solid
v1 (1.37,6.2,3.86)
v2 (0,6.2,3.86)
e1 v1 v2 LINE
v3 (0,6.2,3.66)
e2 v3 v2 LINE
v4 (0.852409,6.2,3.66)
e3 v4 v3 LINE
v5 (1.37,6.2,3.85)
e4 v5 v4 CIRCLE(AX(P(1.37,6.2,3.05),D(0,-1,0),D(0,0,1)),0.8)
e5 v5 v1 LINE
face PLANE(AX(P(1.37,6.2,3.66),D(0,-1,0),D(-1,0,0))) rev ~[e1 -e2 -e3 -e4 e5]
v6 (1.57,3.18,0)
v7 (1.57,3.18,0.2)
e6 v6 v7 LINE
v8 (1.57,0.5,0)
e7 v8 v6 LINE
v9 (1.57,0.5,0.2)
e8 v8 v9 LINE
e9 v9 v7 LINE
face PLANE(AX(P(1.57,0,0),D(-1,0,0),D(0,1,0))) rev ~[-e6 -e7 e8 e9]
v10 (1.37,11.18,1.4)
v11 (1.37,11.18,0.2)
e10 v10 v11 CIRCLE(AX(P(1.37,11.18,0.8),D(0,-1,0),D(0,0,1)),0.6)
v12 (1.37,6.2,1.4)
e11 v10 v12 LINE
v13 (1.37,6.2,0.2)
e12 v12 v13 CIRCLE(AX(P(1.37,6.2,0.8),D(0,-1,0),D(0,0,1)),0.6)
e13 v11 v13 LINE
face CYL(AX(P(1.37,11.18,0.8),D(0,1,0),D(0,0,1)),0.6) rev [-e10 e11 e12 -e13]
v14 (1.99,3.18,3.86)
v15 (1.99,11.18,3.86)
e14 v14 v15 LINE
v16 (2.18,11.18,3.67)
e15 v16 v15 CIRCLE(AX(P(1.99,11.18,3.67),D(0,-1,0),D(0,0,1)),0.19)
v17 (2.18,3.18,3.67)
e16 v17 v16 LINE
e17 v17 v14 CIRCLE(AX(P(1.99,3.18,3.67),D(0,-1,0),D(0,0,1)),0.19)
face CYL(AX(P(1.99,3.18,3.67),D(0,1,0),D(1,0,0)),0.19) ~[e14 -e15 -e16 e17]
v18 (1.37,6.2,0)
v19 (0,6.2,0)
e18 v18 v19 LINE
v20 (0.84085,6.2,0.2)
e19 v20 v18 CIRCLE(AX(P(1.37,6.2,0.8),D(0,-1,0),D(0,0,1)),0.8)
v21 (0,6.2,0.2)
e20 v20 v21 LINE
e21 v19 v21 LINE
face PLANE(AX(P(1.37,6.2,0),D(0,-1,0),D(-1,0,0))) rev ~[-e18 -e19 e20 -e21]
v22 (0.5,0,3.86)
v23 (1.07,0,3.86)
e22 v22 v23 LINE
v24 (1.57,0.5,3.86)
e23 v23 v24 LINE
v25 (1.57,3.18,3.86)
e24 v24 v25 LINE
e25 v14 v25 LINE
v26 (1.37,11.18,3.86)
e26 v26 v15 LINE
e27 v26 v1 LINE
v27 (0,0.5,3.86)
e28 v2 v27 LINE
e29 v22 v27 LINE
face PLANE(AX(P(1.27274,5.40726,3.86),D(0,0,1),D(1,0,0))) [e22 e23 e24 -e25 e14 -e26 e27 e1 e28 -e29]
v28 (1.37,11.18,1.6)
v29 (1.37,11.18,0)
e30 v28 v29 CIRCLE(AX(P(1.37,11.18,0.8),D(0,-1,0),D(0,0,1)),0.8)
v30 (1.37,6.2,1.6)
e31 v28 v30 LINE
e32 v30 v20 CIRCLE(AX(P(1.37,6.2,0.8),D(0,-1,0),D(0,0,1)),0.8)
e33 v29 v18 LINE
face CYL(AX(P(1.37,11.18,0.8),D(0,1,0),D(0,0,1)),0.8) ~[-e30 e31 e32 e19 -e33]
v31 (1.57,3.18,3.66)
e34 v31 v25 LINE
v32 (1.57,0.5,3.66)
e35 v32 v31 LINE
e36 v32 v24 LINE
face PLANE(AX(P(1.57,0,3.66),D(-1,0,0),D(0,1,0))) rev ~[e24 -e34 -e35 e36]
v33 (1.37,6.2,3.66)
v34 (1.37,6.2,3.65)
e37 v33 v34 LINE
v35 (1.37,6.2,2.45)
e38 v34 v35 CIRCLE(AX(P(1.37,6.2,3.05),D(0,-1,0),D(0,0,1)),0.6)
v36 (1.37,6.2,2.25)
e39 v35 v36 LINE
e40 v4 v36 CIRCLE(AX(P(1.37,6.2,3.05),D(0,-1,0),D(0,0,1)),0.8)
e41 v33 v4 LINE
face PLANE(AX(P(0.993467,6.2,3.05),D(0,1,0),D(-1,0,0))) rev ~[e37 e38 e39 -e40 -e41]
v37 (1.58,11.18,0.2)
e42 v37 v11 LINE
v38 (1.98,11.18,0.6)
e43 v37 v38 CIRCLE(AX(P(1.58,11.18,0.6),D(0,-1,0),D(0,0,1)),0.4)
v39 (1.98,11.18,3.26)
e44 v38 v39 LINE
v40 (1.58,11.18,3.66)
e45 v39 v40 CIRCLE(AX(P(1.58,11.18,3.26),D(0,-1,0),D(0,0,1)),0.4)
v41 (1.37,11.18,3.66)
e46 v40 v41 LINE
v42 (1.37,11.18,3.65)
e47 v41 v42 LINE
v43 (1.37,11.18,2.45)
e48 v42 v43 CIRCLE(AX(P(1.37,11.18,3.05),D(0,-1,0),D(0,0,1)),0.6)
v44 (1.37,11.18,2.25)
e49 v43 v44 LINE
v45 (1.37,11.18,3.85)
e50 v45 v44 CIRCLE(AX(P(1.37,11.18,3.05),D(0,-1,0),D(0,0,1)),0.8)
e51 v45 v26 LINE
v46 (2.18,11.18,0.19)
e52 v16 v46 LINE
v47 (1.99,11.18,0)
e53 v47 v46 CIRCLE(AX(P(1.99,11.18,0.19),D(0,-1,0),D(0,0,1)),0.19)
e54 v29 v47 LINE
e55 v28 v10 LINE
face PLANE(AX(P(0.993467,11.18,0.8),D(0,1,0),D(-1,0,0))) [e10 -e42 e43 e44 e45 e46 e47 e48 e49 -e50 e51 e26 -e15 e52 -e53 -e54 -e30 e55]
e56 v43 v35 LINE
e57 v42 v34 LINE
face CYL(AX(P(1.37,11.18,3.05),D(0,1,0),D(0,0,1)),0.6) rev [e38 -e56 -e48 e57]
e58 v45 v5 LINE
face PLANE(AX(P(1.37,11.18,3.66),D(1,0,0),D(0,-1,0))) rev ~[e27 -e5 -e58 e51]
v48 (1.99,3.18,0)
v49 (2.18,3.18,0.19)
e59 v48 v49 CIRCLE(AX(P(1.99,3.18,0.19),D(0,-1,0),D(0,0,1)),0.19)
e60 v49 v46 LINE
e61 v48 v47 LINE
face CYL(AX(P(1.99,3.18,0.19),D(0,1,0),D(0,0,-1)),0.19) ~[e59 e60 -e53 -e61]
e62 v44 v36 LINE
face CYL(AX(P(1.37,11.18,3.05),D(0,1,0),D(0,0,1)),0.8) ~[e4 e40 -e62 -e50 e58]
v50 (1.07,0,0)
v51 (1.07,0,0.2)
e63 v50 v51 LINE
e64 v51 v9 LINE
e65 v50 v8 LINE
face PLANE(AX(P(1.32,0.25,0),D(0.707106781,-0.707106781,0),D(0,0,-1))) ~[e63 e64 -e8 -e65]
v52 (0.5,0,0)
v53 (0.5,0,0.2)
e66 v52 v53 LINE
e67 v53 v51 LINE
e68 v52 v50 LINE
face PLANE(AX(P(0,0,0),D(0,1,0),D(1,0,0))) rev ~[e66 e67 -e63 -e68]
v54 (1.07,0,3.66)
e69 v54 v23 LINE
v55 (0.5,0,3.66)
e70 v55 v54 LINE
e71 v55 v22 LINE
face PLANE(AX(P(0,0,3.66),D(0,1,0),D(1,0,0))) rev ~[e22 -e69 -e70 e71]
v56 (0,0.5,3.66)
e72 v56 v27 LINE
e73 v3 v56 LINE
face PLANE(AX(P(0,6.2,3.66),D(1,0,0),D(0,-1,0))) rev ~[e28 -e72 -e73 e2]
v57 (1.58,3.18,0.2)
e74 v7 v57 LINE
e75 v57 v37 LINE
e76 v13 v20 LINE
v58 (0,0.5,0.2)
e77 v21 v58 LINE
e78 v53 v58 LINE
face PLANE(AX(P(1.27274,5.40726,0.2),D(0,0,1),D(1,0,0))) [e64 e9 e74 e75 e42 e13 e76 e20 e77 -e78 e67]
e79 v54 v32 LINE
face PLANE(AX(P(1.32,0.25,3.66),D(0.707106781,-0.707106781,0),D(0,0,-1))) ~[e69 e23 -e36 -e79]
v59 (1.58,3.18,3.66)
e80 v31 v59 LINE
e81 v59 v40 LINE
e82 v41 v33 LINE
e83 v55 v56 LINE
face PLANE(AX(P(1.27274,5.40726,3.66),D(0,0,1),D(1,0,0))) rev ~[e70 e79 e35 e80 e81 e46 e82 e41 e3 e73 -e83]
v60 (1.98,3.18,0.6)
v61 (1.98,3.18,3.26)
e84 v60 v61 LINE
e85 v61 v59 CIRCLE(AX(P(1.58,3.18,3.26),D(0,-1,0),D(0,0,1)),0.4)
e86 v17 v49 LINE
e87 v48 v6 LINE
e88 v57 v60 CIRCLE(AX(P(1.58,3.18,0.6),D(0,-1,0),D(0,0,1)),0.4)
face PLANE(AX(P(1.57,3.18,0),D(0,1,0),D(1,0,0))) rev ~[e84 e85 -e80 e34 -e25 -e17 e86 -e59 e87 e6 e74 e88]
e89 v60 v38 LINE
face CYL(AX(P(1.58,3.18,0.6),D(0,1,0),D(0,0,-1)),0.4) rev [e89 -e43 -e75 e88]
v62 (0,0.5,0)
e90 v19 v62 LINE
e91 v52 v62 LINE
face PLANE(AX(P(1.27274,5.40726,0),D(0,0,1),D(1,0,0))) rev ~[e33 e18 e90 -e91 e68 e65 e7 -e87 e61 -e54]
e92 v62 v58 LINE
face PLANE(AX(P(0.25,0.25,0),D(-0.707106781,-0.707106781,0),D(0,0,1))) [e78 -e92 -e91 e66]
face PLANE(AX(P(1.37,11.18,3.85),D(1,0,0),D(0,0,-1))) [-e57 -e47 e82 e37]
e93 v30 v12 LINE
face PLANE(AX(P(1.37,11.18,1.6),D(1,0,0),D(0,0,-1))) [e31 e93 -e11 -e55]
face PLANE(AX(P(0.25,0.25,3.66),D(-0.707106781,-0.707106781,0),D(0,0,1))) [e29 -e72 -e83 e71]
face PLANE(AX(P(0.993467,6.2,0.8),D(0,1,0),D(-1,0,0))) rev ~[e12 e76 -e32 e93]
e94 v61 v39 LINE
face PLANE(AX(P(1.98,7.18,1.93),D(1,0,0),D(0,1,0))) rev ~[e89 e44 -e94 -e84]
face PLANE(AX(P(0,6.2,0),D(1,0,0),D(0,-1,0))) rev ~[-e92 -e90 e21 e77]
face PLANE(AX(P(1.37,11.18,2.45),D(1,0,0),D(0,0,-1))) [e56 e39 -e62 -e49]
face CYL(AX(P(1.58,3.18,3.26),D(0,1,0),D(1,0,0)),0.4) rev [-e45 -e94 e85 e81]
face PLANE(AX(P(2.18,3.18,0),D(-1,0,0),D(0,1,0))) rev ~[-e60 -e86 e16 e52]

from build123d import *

# Parameters (mm, degrees)
PAD001_DEPTH    = 0.2
CHAMFER001_SIZE = 0.5
SKETCH002_W     = 8
SKETCH002_H     = 3.86
PAD002_DEPTH    = 0.2
PAD004_DEPTH    = 4.98
PAD003_DEPTH    = 4.98
PAD_DEPTH       = 0.2
CHAMFER_SIZE    = 0.5
FILLET_R        = 0.4
FILLET001_R     = 0.19


with BuildPart() as body001:
    # Sketch001 → Pad001 (new body)
    with BuildSketch(Plane.XY.offset(3.66)):
        Polygon((0, 0), (1.57, 0), (1.57, 3.18), (2.18, 3.18), (2.18, 11.18), (1.37, 11.18), (1.37, 6.2), (0, 6.2), align=None)
    extrude(amount=PAD001_DEPTH)

    # Chamfer001
    chamfer001_edges = [body001.edges().sort_by_distance(p)[0] for p in [
        (1.57, 0, 3.76),
        (0, 0, 3.76),
    ]]
    chamfer(chamfer001_edges, length=CHAMFER001_SIZE)

    # Sketch002 (on Face11 of Chamfer001) → Pad002 (join)
    with BuildSketch(Plane.YZ.offset(2.18)):
        with Locations((7.18, 1.93)):
            Rectangle(SKETCH002_W, SKETCH002_H)
    extrude(amount=-PAD002_DEPTH)


with BuildPart() as body003:
    # Sketch004 → Pad004 (new body)
    with BuildSketch(Plane.XZ):
        with BuildLine():
            Line((1.37, 0.2), (1.37, 0))
            ThreePointArc((1.37, 1.6), (0.57, 0.8), (1.37, 0))
            Line((1.37, 1.6), (1.37, 1.4))
            ThreePointArc((1.37, 1.4), (0.77, 0.8), (1.37, 0.2))
        make_face()
    extrude(amount=PAD004_DEPTH)


with BuildPart() as body003_1:
    # Body003 placement: moved
    add(body003.part.moved(Location((0, 11.18, 2.25))))


with BuildPart() as body002:
    # Sketch003 → Pad003 (new body)
    with BuildSketch(Plane.XZ):
        with BuildLine():
            Line((1.37, 0.2), (1.37, 0))
            ThreePointArc((1.37, 1.6), (0.57, 0.8), (1.37, 0))
            Line((1.37, 1.6), (1.37, 1.4))
            ThreePointArc((1.37, 1.4), (0.77, 0.8), (1.37, 0.2))
        make_face()
    extrude(amount=PAD003_DEPTH)


with BuildPart() as body002_1:
    # Body002 placement: moved
    add(body002.part.moved(Location((0, 11.18, 0))))


with BuildPart() as body:
    # Sketch → Pad (new body)
    with BuildSketch(Plane.XY):
        Polygon((0, 0), (1.57, 0), (1.57, 3.18), (2.18, 3.18), (2.18, 11.18), (1.37, 11.18), (1.37, 6.2), (0, 6.2), align=None)
    extrude(amount=PAD_DEPTH)

    # Chamfer
    chamfer_edges = [body.edges().sort_by_distance(p)[0] for p in [
        (1.57, 0, 0.1),
        (0, 0, 0.1),
    ]]
    chamfer(chamfer_edges, length=CHAMFER_SIZE)

    # Boolean: union Body001, Body003, Body002
    add(body001.part)
    add(body003_1.part)
    add(body002_1.part)

    # Fillet
    fillet_edges = [body.edges().sort_by_distance(p)[0] for p in [
        (1.98, 7.18, 0.2),
        (1.98, 7.18, 3.66),
    ]]
    fillet(fillet_edges, radius=FILLET_R)

    # Fillet001
    fillet001_edges = [body.edges().sort_by_distance(p)[0] for p in [
        (2.18, 7.18, 0),
        (2.18, 7.18, 3.86),
    ]]
    fillet(fillet001_edges, radius=FILLET001_R)


solid = body.part
